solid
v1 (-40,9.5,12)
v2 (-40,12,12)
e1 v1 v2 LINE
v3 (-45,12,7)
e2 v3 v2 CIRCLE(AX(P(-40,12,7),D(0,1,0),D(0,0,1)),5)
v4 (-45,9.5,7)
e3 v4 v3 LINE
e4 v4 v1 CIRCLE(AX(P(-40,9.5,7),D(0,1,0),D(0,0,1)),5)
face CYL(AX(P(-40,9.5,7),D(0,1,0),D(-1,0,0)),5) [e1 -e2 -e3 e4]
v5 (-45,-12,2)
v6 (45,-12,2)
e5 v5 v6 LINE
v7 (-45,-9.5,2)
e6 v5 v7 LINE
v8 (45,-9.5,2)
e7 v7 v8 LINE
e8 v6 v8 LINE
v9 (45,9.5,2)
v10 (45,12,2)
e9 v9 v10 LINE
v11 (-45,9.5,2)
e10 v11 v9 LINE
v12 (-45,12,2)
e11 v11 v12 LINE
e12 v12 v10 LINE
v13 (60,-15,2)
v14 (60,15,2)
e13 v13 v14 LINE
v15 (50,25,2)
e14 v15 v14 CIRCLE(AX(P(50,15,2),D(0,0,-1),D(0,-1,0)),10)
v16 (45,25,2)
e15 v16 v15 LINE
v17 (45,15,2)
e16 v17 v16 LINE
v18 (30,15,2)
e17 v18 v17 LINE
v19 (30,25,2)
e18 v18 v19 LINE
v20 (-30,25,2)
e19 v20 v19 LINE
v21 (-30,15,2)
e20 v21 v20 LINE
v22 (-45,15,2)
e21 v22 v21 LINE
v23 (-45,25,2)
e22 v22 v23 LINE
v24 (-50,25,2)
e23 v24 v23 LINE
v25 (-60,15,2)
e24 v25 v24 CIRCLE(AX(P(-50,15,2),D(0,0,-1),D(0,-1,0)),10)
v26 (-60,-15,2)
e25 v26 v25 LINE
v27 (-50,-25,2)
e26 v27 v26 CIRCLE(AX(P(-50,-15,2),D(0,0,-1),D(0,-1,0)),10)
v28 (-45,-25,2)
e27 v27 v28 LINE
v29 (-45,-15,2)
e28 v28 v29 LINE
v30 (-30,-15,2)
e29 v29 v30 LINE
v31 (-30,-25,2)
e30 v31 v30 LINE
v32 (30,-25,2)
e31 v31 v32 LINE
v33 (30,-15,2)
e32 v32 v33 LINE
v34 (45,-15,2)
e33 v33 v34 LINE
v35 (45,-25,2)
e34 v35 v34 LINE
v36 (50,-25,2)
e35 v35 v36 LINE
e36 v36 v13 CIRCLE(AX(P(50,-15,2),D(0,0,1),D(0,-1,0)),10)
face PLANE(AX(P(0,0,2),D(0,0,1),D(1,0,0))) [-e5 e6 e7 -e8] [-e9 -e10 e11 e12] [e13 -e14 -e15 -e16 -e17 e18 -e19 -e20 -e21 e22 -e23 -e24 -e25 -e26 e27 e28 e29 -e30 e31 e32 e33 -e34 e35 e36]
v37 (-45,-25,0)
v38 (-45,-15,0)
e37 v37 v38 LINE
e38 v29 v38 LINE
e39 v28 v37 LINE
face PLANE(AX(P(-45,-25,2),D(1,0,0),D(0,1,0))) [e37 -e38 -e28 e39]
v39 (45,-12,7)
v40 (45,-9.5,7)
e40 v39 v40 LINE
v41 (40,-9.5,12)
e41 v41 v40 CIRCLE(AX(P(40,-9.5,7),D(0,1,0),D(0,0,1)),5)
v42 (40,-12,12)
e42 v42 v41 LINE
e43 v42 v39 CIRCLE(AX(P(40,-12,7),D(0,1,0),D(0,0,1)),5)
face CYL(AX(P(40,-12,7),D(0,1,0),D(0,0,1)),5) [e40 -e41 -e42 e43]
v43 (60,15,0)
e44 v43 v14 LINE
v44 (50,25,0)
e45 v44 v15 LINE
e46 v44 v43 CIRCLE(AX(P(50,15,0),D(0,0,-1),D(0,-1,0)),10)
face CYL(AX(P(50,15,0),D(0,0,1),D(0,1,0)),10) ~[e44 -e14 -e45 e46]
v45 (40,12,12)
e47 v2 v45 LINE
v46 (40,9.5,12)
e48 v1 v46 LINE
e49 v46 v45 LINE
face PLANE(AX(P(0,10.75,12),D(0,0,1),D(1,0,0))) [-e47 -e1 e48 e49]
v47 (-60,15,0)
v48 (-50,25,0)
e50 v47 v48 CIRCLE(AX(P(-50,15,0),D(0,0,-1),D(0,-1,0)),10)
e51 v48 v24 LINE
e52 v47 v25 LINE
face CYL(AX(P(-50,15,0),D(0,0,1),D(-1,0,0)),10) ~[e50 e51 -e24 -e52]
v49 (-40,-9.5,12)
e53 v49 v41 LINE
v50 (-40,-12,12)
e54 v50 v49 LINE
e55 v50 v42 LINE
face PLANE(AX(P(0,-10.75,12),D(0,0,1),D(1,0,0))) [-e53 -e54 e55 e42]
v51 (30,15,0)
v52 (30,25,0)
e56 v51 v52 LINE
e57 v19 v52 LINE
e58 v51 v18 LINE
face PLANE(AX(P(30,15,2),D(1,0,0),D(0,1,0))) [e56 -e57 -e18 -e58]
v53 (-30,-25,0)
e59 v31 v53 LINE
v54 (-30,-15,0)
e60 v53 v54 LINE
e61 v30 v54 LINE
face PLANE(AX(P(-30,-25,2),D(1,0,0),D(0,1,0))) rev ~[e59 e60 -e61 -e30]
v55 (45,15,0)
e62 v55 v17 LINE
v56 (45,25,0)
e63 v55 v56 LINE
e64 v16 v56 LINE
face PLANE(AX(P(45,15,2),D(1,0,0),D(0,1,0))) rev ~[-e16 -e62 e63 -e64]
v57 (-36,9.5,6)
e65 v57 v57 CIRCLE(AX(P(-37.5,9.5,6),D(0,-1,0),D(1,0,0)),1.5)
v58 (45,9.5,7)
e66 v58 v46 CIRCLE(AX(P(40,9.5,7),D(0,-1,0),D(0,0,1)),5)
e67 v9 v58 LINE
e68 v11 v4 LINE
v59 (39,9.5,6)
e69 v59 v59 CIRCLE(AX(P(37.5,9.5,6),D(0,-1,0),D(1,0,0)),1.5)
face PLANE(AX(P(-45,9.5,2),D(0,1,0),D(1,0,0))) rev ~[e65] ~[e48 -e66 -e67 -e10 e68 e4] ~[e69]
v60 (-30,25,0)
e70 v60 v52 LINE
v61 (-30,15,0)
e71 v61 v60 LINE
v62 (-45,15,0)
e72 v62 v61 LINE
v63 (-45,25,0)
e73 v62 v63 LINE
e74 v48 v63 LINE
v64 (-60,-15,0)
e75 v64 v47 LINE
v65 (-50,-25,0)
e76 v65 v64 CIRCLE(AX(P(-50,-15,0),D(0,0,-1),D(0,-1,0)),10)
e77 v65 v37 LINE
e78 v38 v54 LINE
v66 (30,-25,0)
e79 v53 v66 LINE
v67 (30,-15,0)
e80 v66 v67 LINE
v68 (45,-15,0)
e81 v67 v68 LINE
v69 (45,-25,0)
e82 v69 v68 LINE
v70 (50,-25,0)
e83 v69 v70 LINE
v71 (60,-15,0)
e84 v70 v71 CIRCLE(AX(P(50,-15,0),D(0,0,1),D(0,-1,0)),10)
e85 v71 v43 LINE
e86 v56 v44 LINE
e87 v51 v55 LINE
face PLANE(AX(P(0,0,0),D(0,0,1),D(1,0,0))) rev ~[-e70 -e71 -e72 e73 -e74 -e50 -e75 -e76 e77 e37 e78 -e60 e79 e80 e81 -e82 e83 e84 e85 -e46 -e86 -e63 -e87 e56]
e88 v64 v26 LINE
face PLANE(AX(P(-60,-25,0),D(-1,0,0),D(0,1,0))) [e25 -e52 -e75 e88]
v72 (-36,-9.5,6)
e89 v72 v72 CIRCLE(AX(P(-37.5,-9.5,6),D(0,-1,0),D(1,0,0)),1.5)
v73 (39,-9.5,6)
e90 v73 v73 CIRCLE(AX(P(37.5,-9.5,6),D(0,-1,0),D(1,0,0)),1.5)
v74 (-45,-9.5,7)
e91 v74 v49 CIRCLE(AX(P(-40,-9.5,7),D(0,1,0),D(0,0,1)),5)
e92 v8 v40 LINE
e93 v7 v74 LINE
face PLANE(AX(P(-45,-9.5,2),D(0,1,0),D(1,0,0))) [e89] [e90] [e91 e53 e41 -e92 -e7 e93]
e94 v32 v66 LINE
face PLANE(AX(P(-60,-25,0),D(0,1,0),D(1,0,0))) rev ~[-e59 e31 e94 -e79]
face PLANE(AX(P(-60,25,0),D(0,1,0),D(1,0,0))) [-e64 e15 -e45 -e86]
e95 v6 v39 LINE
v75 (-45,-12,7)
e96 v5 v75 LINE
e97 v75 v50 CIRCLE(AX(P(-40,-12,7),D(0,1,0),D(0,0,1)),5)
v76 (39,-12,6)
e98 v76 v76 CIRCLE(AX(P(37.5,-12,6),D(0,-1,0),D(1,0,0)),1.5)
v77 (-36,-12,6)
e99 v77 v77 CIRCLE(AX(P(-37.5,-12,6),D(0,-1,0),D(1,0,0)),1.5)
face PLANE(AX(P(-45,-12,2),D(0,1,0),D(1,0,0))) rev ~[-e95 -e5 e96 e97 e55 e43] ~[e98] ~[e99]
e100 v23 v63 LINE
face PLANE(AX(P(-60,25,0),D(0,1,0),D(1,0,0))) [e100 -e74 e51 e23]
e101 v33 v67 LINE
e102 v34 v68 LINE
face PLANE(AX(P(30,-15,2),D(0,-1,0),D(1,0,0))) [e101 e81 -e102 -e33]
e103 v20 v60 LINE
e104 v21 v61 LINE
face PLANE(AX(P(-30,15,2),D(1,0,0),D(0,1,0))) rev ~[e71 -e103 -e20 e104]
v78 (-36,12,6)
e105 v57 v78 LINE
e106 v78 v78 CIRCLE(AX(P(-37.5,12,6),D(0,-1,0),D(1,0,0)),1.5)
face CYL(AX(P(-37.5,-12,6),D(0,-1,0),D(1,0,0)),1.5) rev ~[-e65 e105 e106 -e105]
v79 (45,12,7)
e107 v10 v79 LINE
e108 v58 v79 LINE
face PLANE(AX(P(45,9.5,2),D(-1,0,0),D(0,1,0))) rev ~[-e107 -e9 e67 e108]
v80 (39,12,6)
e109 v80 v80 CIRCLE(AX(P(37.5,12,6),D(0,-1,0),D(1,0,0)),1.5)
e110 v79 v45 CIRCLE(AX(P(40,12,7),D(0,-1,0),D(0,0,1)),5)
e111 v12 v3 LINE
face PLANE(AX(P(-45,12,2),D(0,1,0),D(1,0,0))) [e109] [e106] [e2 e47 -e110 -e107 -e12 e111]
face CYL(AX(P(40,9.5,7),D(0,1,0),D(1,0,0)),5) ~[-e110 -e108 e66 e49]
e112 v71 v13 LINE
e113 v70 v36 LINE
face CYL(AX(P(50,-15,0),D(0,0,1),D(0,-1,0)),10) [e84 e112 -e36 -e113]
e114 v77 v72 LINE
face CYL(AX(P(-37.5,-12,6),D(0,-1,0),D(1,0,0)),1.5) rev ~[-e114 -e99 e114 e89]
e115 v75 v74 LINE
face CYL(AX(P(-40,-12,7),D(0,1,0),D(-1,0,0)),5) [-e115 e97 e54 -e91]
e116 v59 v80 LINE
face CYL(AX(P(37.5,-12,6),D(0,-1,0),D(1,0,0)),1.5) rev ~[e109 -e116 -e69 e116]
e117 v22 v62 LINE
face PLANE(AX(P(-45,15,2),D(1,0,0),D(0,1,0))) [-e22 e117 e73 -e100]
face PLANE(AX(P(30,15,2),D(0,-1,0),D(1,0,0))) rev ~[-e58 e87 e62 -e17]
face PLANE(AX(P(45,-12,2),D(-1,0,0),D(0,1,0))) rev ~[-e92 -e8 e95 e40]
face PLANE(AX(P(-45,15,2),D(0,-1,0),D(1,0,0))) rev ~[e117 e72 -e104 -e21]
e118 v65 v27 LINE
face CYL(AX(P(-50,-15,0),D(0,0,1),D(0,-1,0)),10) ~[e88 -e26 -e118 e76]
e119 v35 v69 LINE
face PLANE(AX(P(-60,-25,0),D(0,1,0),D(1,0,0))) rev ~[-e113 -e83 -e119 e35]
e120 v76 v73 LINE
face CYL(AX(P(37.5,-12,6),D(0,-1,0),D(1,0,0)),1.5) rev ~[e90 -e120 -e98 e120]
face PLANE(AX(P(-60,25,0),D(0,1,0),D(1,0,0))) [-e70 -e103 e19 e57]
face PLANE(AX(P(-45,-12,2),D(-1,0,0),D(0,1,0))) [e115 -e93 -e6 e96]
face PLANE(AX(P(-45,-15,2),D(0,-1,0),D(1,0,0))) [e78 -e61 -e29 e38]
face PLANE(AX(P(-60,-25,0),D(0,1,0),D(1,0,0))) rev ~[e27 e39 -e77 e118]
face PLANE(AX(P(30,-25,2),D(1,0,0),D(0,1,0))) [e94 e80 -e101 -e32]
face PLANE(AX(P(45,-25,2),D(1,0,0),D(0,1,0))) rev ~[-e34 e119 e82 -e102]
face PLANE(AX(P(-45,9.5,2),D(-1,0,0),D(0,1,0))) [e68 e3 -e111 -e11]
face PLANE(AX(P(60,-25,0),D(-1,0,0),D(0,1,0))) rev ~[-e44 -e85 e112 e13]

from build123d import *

# Parameters (mm, degrees)
F0_W      = 120
F0_H      = 50
F1_DEPTH  = 2
F2_W      = 15
F2_H      = 10
F3_DEPTH  = 25
F4_W      = 15
F4_H      = 10
F5_DEPTH  = 12.5
F6_W      = 15
F6_H      = 10
F7_DEPTH  = 25
F8_W      = 15
F8_H      = 10
F9_DEPTH  = 25
F10_W     = 90
F10_H     = 2.5
F11_DEPTH = 10
F12_W     = 90
F12_H     = 2.5
F13_DEPTH = 10
F14_R     = 5
F15_R     = 5
F16_R     = 10
F17_R     = 10
F18_R     = 1.5
F19_DEPTH = 37.001
F20_DEPTH = 25


with BuildPart() as f1:
    # F0 (on Top) → F1 (new body)
    with BuildSketch(Plane.XY):
        Rectangle(F0_W, F0_H)
    extrude(amount=F1_DEPTH)

    # F2 (on face) → F3 (cut)
    with BuildSketch(Plane.XY.offset(2)):
        with Locations((37.5, -20)):
            Rectangle(F2_W, F2_H)
    extrude(amount=-F3_DEPTH, mode=Mode.SUBTRACT)

    # F4 (on face) → F5 (cut, symmetric)
    with BuildSketch(Plane.XY.offset(2)):
        with Locations((37.5, 20)):
            Rectangle(F4_W, F4_H)
    extrude(amount=F5_DEPTH, both=True, mode=Mode.SUBTRACT)

    # F6 (on face) → F7 (cut)
    with BuildSketch(Plane.XY.offset(2)):
        with Locations((-37.5, 20)):
            Rectangle(F6_W, F6_H)
    extrude(amount=-F7_DEPTH, mode=Mode.SUBTRACT)

    # F8 (on face) → F9 (cut)
    with BuildSketch(Plane.XY.offset(2)):
        with Locations((-37.5, -20)):
            Rectangle(F8_W, F8_H)
    extrude(amount=-F9_DEPTH, mode=Mode.SUBTRACT)

    # F10 (on face) → F11 (join)
    with BuildSketch(Plane.XY.offset(2)):
        with Locations((0, -10.75)):
            Rectangle(F10_W, F10_H)
    extrude(amount=F11_DEPTH)

    # F12 (on face) → F13 (join)
    with BuildSketch(Plane.XY.offset(2)):
        with Locations((0, 10.75)):
            Rectangle(F12_W, F12_H)
    extrude(amount=F13_DEPTH)

    # F14
    f14_edges = [f1.edges().sort_by_distance(p)[0] for p in [
        (-45, -10.75, 12),
    ]]
    fillet(f14_edges, radius=F14_R)

    # F15
    f15_edges = [f1.edges().sort_by_distance(p)[0] for p in [
        (45, 10.75, 12),
        (-45, 10.75, 12),
        (45, -10.75, 12),
    ]]
    fillet(f15_edges, radius=F15_R)

    # F16
    f16_edges = [f1.edges().sort_by_distance(p)[0] for p in [
        (60, -25, 1),
        (60, 25, 1),
    ]]
    fillet(f16_edges, radius=F16_R)

    # F17
    f17_edges = [f1.edges().sort_by_distance(p)[0] for p in [
        (-60, -25, 1),
        (-60, 25, 1),
    ]]
    fillet(f17_edges, radius=F17_R)

    # F18 (on face) → F19 (cut, through all)
    with BuildSketch(Plane.XZ.offset(12)):
        with Locations((-37.5, 6)):
            Circle(F18_R)
    extrude(amount=-F19_DEPTH, mode=Mode.SUBTRACT)

    # F18 (on face) → F20 (cut)
    with BuildSketch(Plane.XZ.offset(12)):
        with Locations((-37.5, 6)):
            Circle(F18_R)
        with Locations((37.5, 6)):
            Circle(F18_R)
    extrude(amount=-F20_DEPTH, mode=Mode.SUBTRACT)


solid = f1.part
